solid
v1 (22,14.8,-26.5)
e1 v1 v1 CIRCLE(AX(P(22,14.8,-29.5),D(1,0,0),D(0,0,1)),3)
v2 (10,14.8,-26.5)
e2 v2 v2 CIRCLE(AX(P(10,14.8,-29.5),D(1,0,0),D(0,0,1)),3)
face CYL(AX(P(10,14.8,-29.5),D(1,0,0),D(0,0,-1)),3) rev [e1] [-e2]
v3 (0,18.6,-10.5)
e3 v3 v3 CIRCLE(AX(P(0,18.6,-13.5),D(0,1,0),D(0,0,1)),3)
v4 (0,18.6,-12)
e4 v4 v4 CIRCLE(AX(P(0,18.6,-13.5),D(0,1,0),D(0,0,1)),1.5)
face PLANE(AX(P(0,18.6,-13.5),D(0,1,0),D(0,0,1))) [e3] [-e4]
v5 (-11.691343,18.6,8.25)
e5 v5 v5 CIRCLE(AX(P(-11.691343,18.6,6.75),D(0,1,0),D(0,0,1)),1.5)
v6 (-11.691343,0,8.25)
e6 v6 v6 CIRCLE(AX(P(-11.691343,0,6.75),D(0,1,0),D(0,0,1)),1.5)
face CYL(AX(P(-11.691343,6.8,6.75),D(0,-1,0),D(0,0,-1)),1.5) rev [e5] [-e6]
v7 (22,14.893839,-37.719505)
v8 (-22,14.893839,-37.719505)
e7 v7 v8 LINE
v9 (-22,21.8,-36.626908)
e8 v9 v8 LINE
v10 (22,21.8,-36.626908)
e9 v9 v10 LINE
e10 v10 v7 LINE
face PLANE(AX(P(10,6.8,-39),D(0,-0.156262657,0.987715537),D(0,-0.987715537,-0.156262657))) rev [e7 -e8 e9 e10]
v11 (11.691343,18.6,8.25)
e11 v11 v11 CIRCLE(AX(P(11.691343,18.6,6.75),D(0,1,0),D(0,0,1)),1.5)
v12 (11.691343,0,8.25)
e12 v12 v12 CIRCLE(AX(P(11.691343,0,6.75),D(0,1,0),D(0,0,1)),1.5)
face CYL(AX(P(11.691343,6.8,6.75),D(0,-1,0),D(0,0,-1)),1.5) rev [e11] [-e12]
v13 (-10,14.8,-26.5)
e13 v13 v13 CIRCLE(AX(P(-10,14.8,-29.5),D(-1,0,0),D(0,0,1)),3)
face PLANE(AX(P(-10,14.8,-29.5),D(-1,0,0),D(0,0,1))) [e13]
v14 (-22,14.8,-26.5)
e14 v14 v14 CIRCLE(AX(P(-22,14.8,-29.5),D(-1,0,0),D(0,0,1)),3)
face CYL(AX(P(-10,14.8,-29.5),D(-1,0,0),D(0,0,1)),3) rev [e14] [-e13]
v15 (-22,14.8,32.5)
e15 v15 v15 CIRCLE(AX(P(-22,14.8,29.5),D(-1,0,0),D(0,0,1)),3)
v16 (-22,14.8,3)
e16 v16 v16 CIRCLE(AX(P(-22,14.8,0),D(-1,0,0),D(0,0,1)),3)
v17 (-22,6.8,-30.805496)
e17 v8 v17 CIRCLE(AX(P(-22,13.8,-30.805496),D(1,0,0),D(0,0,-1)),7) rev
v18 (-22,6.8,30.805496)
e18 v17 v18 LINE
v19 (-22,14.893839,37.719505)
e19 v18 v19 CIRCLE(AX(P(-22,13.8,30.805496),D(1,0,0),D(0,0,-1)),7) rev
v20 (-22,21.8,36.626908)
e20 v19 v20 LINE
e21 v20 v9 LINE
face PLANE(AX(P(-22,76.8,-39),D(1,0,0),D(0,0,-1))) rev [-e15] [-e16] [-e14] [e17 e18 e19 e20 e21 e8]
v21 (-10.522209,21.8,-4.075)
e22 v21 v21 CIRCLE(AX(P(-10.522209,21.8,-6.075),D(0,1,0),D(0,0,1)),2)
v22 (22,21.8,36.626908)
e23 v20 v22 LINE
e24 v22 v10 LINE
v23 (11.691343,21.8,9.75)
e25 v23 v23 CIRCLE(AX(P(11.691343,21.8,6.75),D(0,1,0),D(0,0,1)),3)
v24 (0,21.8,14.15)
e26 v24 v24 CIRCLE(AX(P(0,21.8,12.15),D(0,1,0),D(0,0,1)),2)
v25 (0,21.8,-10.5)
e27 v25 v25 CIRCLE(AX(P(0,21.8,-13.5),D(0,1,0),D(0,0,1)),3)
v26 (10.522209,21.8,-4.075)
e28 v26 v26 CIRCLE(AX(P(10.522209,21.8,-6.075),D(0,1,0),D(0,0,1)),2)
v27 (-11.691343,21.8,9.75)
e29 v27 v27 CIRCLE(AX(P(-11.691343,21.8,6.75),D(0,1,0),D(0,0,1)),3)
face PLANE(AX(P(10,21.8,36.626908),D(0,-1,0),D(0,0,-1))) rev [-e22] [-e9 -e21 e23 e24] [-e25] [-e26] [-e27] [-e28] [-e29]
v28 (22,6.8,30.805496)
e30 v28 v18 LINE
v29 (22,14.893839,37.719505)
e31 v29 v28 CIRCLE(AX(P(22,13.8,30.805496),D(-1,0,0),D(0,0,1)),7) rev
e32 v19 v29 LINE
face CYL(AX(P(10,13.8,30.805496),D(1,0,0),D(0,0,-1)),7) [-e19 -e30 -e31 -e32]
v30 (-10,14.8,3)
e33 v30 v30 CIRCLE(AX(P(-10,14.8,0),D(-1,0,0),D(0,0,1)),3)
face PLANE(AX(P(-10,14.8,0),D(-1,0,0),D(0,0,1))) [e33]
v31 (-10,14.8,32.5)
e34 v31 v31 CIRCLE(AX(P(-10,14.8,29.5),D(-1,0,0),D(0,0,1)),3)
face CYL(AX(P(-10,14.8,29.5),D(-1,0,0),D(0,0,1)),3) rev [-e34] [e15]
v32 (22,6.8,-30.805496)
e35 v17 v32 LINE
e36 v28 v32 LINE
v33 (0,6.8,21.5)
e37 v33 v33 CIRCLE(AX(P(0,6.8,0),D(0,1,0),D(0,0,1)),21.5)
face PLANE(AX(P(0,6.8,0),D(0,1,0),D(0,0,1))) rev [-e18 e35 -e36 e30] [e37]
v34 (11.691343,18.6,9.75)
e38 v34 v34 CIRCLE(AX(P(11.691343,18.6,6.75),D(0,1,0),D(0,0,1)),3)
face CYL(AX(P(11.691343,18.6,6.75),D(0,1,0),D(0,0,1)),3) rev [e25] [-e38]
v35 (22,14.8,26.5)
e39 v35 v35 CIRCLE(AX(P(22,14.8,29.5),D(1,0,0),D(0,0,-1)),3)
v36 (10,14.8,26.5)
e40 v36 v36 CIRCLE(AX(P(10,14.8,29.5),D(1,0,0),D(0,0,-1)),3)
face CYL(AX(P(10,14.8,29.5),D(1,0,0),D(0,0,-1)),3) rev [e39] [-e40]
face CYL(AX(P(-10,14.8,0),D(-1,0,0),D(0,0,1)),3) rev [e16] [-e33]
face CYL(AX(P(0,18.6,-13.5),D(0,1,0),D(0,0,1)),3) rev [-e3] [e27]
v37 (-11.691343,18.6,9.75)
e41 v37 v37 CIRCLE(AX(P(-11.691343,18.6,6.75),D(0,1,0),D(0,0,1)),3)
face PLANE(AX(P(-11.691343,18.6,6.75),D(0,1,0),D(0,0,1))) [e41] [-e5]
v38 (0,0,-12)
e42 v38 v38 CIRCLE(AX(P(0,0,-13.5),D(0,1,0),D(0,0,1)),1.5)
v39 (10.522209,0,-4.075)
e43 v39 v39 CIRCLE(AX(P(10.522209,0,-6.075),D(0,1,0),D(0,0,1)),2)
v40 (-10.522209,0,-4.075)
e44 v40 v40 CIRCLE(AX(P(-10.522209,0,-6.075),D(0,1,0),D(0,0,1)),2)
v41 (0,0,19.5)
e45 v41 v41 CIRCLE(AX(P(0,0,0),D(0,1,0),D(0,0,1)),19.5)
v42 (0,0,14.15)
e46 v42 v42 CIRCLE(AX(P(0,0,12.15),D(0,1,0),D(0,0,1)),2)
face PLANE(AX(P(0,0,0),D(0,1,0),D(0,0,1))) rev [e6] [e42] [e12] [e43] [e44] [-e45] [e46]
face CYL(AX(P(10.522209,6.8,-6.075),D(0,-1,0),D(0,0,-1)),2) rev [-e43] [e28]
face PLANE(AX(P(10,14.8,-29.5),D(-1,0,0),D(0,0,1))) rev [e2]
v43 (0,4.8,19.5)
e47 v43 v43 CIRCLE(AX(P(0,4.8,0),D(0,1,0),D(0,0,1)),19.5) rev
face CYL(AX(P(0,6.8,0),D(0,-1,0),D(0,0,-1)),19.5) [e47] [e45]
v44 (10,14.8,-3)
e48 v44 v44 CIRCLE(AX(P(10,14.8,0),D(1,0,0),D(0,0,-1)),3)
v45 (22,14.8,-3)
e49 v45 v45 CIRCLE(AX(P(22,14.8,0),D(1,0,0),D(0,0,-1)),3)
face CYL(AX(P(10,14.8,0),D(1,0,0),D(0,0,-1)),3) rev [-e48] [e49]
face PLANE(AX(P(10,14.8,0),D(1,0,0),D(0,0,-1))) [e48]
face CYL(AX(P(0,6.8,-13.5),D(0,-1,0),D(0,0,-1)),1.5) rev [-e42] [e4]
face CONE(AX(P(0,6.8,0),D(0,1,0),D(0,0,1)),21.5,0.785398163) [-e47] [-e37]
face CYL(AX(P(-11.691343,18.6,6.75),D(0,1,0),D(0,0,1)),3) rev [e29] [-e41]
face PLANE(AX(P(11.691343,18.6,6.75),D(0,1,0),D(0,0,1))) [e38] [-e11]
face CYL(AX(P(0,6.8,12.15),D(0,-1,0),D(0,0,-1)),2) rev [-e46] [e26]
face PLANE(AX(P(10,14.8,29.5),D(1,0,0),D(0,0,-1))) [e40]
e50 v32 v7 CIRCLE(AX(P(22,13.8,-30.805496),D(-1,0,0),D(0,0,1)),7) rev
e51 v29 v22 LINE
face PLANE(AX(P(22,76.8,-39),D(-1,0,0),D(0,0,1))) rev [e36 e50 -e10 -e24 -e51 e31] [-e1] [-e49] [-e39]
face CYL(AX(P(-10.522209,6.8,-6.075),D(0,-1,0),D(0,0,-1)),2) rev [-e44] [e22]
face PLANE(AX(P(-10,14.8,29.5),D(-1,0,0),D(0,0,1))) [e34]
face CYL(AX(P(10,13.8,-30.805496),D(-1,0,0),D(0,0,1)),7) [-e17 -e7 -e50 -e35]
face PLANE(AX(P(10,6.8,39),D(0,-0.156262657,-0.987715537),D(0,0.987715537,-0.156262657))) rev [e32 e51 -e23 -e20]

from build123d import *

# Parameters (mm, degrees)
SKETCH_1_R          = 19.5
SKETCH_1_R_2        = 2
SKETCH_1_R_3        = 1.5
EXTRUDE_1_DEPTH     = 6.8
SKETCH_2_W          = 44
SKETCH_2_H          = 78
EXTRUDE_2_DEPTH     = 70
SKETCH_3_R          = 3
CUT_EXTRUDE_1_DEPTH = 12
CUT_EXTRUDE_2_DEPTH = 33
SKETCH_6_R          = 3
CUT_EXTRUDE_3_DEPTH = 12
CHAMFER_1_SIZE      = 2
FILLET_1_R          = 7
SKETCH_7_R          = 2
SKETCH_7_R_2        = 1.5
CUT_EXTRUDE_4_DEPTH = 22.8
SKETCH_8_R          = 3
CUT_EXTRUDE_5_DEPTH = 3.2


with BuildPart() as part:
    # 草图1 → 凸台-拉伸1 (new body)
    with BuildSketch(Plane(origin=(0, 0, 0), x_dir=(1, 0, 0), z_dir=(0, 1, 0))):
        Circle(SKETCH_1_R)
        with Locations((10.522208656, 6.075)):
            Circle(SKETCH_1_R_2, mode=Mode.SUBTRACT)
        with Locations((-10.522208656, 6.075)):
            Circle(SKETCH_1_R_2, mode=Mode.SUBTRACT)
        with Locations((0, -12.15)):
            Circle(SKETCH_1_R_2, mode=Mode.SUBTRACT)
        with Locations((0, 13.5)):
            Circle(SKETCH_1_R_3, mode=Mode.SUBTRACT)
        with Locations((11.691342951, -6.75)):
            Circle(SKETCH_1_R_3, mode=Mode.SUBTRACT)
        with Locations((-11.691342951, -6.75)):
            Circle(SKETCH_1_R_3, mode=Mode.SUBTRACT)
    extrude(amount=EXTRUDE_1_DEPTH)

    # 草图2 → 凸台-拉伸2 (add)
    with BuildSketch(Plane(origin=(0, 6.8, 0), x_dir=(1, 0, 0), z_dir=(0, 1, 0))):
        Rectangle(SKETCH_2_W, SKETCH_2_H)
    extrude(amount=EXTRUDE_2_DEPTH)

    # 草图3 → 切除-拉伸1 (cut)
    with BuildSketch(Plane(origin=(22, 0, 0), x_dir=(0, 0, -1), z_dir=(1, 0, 0))):
        with Locations((0, 14.8)):
            Circle(SKETCH_3_R)
        with Locations((-29.5, 14.8)):
            Circle(SKETCH_3_R)
        with Locations((29.5, 14.8)):
            Circle(SKETCH_3_R)
        Polygon((-39, 6.8), (-36.626907991, 21.8), (36.626907991, 21.8), (39, 6.8), (44.081826142, 6.8), (44.081826142, 83.498576474), (-44.081826142, 83.498576474), (-44.081826142, 6.8), align=None)
    extrude(amount=-CUT_EXTRUDE_1_DEPTH, mode=Mode.SUBTRACT)

    # 草图5 → 切除-拉伸2 (cut, through all)
    with BuildSketch(Plane(origin=(10, 0, 0), x_dir=(0, 0, -1), z_dir=(1, 0, 0))):
        Polygon((-39, 6.8), (-36.626907991, 21.8), (36.626907991, 21.8), (39, 6.8), (39, 76.8), (-39, 76.8), align=None)
    extrude(amount=-CUT_EXTRUDE_2_DEPTH, mode=Mode.SUBTRACT)

    # 草图6 → 切除-拉伸3 (cut)
    with BuildSketch(Plane.ZY.offset(22)):
        with Locations((-29.5, 14.8)):
            Circle(SKETCH_6_R)
        with Locations((0, 14.8)):
            Circle(SKETCH_6_R)
        with Locations((29.5, 14.8)):
            Circle(SKETCH_6_R)
    extrude(amount=-CUT_EXTRUDE_3_DEPTH, mode=Mode.SUBTRACT)

    # 倒角1
    chamfer_1_edges = [part.edges().sort_by_distance(p)[0] for p in [
        (-19.5, 6.8, 0),
    ]]
    chamfer(chamfer_1_edges, length=CHAMFER_1_SIZE)

    # 圆角1
    fillet_1_edges = [part.edges().sort_by_distance(p)[0] for p in [
        (0, 6.8, -39),
        (0, 6.8, 39),
    ]]
    fillet(fillet_1_edges, radius=FILLET_1_R)

    # 草图7 → 切除-拉伸4 (cut, through all)
    with BuildSketch(Plane(origin=(0, 21.8, 0), x_dir=(1, 0, 0), z_dir=(0, 1, 0))):
        with Locations((10.522208656, 6.075)):
            Circle(SKETCH_7_R)
        with Locations((11.691342951, -6.75)):
            Circle(SKETCH_7_R_2)
        with Locations((0, -12.15)):
            Circle(SKETCH_7_R)
        with Locations((-11.691342951, -6.75)):
            Circle(SKETCH_7_R_2)
        with Locations((-10.522208656, 6.075)):
            Circle(SKETCH_7_R)
        with Locations((0, 13.5)):
            Circle(SKETCH_7_R_2)
    extrude(amount=-CUT_EXTRUDE_4_DEPTH, mode=Mode.SUBTRACT)

    # 草图8 → 切除-拉伸5 (cut)
    with BuildSketch(Plane(origin=(0, 21.8, 0), x_dir=(1, 0, 0), z_dir=(0, 1, 0))):
        with Locations((0, 13.5)):
            Circle(SKETCH_8_R)
        with Locations((11.691342951, -6.75)):
            Circle(SKETCH_8_R)
        with Locations((-11.691342951, -6.75)):
            Circle(SKETCH_8_R)
    extrude(amount=-CUT_EXTRUDE_5_DEPTH, mode=Mode.SUBTRACT)


solid = part.part
